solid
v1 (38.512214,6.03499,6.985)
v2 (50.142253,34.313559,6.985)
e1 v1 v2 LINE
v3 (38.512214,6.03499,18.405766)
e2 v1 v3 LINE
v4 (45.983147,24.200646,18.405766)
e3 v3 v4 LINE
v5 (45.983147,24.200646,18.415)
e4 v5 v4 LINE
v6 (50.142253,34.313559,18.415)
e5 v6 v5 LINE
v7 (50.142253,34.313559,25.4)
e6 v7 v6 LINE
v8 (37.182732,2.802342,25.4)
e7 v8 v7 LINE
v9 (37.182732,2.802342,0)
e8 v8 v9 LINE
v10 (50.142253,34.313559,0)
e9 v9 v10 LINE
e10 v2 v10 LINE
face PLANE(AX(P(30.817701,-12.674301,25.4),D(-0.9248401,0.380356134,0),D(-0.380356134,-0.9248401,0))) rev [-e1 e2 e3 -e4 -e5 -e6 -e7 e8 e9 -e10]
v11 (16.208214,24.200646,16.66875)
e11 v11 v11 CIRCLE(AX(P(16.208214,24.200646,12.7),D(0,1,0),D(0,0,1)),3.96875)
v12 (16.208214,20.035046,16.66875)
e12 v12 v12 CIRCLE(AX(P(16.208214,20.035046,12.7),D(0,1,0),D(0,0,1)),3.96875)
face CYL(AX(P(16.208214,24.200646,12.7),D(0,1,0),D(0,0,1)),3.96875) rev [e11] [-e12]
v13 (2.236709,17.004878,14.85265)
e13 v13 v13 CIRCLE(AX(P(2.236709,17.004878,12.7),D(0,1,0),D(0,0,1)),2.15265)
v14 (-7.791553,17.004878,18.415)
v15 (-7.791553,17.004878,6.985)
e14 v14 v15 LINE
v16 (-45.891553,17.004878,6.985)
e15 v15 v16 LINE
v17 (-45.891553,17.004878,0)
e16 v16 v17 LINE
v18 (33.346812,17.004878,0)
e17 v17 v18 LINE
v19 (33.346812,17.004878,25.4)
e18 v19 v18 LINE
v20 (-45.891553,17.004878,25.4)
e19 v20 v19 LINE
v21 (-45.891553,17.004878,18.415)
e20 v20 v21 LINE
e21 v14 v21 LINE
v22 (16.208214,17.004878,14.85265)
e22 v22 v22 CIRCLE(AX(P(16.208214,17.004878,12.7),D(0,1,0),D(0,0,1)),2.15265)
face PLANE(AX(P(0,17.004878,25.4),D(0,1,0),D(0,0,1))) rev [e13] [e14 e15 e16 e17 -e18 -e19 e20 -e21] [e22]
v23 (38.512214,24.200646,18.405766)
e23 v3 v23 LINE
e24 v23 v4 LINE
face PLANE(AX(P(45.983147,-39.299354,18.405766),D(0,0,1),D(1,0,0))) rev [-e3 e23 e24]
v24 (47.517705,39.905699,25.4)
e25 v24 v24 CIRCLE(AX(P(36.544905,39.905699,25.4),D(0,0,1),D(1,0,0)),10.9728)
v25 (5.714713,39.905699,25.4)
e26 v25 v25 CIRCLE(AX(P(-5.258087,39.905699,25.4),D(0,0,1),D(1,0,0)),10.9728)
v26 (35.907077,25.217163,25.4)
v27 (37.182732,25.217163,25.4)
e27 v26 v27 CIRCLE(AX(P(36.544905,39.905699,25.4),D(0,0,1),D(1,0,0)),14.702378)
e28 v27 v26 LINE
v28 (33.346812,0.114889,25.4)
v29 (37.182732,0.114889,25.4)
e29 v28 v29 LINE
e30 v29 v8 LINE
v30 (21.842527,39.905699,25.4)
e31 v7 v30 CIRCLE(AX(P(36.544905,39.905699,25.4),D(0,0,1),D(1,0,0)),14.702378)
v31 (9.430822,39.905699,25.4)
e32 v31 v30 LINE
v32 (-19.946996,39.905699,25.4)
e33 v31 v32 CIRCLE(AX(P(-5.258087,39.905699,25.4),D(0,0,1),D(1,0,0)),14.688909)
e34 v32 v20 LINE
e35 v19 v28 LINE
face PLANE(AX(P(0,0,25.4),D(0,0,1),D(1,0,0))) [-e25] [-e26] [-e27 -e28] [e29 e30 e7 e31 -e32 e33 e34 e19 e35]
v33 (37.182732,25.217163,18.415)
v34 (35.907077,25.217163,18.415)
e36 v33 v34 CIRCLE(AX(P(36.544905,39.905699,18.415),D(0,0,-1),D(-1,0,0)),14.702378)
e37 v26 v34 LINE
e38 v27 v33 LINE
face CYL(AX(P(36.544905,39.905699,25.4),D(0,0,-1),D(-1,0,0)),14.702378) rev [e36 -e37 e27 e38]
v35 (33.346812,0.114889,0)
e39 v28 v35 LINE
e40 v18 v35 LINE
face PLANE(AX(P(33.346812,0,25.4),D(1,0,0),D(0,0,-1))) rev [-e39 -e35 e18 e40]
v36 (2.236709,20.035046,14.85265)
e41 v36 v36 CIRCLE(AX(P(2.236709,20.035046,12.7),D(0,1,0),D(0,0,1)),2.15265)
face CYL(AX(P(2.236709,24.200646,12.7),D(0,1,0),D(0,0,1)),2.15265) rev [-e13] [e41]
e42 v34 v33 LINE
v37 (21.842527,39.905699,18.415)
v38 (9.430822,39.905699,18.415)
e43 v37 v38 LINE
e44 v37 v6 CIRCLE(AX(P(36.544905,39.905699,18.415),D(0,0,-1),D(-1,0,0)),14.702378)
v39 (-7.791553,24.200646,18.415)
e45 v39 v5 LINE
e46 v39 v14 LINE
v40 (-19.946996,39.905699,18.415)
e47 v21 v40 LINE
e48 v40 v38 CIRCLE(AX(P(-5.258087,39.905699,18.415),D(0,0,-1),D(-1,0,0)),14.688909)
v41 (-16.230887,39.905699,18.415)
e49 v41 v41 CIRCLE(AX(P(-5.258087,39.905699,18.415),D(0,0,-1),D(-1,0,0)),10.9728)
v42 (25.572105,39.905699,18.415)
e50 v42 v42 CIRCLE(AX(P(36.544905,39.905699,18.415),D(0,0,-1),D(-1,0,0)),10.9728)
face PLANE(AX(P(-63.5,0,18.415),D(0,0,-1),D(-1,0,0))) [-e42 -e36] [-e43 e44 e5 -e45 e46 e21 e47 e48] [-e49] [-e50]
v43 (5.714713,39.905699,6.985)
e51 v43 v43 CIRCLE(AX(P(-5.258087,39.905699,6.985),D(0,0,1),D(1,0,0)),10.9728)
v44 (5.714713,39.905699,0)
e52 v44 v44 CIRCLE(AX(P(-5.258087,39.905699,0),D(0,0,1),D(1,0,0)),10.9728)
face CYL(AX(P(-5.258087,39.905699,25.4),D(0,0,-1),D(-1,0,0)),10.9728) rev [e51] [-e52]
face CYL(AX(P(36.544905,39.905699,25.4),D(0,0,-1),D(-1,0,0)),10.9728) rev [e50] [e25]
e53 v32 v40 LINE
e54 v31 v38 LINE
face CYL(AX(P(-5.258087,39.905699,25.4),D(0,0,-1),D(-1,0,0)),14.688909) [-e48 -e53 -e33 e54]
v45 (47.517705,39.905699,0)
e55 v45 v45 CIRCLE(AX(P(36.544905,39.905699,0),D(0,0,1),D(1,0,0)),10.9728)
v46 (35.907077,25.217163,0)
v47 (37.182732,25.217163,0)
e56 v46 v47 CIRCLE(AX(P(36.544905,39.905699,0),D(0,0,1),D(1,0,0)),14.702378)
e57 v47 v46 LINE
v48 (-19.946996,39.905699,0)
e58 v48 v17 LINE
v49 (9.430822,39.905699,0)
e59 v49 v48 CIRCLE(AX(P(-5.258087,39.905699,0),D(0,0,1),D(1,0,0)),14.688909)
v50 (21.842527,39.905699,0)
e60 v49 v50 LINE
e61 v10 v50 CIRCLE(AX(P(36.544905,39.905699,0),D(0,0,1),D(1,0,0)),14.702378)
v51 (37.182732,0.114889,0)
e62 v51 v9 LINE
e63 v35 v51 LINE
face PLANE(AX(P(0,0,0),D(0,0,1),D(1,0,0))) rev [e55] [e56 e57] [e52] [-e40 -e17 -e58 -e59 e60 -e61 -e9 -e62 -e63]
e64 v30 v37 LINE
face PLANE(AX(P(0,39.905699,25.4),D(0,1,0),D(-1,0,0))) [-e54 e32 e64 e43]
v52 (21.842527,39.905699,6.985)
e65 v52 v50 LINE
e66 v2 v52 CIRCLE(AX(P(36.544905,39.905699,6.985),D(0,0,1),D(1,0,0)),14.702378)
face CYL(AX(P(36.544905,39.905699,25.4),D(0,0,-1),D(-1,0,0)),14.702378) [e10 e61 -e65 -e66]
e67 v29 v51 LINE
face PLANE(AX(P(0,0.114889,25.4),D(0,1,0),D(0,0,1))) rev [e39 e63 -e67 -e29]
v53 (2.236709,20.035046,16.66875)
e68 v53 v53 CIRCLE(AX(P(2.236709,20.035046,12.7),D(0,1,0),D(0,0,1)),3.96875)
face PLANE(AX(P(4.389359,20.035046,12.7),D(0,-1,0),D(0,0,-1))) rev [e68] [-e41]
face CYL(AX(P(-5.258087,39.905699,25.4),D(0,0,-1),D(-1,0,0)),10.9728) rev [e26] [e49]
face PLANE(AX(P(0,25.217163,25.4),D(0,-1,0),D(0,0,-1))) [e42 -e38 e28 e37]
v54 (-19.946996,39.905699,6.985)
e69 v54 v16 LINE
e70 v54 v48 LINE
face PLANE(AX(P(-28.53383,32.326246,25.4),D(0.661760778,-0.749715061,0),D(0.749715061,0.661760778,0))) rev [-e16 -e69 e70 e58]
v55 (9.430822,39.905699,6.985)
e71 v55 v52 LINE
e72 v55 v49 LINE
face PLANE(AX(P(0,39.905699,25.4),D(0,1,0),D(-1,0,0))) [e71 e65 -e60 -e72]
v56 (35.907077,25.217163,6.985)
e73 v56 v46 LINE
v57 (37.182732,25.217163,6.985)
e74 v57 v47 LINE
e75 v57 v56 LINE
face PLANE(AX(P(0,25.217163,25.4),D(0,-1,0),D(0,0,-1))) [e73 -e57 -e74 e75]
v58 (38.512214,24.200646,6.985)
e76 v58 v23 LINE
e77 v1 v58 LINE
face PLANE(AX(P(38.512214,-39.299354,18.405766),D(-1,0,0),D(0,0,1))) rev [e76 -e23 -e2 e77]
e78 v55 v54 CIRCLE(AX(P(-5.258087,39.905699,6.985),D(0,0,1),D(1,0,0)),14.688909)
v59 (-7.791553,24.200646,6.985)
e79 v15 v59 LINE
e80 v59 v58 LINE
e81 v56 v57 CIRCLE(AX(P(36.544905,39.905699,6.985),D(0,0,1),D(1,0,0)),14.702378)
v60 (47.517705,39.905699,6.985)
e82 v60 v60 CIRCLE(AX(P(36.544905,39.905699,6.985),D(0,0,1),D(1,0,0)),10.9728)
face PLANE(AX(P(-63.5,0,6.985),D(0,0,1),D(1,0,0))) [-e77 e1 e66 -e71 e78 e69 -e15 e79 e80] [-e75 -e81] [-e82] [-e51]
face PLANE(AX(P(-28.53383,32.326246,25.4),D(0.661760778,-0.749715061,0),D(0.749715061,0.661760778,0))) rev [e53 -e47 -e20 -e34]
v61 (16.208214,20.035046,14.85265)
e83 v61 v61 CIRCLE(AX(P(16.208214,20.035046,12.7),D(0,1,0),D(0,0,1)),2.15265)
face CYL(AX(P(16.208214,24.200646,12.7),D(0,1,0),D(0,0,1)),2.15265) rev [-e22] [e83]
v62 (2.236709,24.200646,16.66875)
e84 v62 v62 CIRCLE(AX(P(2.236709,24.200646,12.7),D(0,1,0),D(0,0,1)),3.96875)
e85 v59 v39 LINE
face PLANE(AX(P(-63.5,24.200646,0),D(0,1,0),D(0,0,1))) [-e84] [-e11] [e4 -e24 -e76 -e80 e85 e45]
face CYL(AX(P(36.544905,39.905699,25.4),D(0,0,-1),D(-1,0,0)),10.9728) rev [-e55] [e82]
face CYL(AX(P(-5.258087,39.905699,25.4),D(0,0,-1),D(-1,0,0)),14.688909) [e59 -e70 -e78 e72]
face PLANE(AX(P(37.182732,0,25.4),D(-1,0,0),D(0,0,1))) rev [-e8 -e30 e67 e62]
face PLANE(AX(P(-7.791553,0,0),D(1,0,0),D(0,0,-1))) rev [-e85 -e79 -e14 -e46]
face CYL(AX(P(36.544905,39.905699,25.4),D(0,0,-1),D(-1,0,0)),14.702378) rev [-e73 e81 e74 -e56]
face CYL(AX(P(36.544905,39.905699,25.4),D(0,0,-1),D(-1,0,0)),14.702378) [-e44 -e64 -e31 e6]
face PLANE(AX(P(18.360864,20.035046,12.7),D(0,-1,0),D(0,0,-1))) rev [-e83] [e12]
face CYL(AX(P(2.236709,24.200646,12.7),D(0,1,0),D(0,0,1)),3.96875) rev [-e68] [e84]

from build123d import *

# Parameters (mm, degrees)
SKETCH1_R                                      = 10.9728
BOSS_EXTRUDE1_DEPTH                            = 25.4
SKETCH2_W                                      = 11.43
SKETCH2_H                                      = 30.40742991
CUT_EXTRUDE1_DEPTH                             = 63.5
CBORE_FOR_8_SOCKET_HEAD_CAP_SCREW2_D           = 4.3053
CBORE_FOR_8_SOCKET_HEAD_CAP_SCREW2_DEPTH       = 7.19576864
CBORE_FOR_8_SOCKET_HEAD_CAP_SCREW2_CBORE_D     = 7.9375
CBORE_FOR_8_SOCKET_HEAD_CAP_SCREW2_CBORE_DEPTH = 4.1656
SKETCH6_W                                      = 7.470933486
SKETCH6_H                                      = 11.420765966
CUT_EXTRUDE2_DEPTH                             = 63.5
SKETCH9_W                                      = 11.43
SKETCH9_H                                      = 7.19576864
CUT_EXTRUDE3_DEPTH                             = 38.1


with BuildPart() as part:
    # Sketch1 → Boss-Extrude1 (new body)
    with BuildSketch(Plane.XY):
        with BuildLine():
            Line((37.182732387, 0.114888998), (37.182732387, 2.802342002))
            Line((37.182732387, 2.802342002), (50.142253344, 34.313558963))
            ThreePointArc((50.142253344, 34.313558963), (39.395041388, 54.329173661), (21.842526976, 39.905698546))
            Line((21.842526976, 39.905698546), (9.430821913, 39.905698546))
            ThreePointArc((9.430821913, 39.905698546), (-5.258087214, 54.594607673), (-19.946996342, 39.905698546))
            Line((-19.946996342, 39.905698546), (-45.891553328, 17.0048778))
            Line((-45.891553328, 17.0048778), (33.346811678, 17.0048778))
            Line((33.346811678, 17.0048778), (33.346811678, 0.114888998))
            Line((33.346811678, 0.114888998), (37.182732387, 0.114888998))
        make_face()
        with BuildLine():
            Line((35.907077172, 25.217162573), (37.182732387, 25.217162573))
            ThreePointArc((37.182732387, 25.217162573), (36.54490478, 25.203320742), (35.907077172, 25.217162573))
        make_face(mode=Mode.SUBTRACT)
        with Locations((-5.258087214, 39.905698546)):
            Circle(SKETCH1_R, mode=Mode.SUBTRACT)
        with Locations((36.54490478, 39.905698546)):
            Circle(SKETCH1_R, mode=Mode.SUBTRACT)
    extrude(amount=BOSS_EXTRUDE1_DEPTH)

    # Sketch2 → Cut-Extrude1 (cut, symmetric)
    with BuildSketch(Plane(origin=(0, 0, 0), x_dir=(0, 0, -1), z_dir=(1, 0, 0))):
        with Locations((-12.7, 39.404361395)):
            Rectangle(SKETCH2_W, SKETCH2_H)
    extrude(amount=CUT_EXTRUDE1_DEPTH, both=True, mode=Mode.SUBTRACT)

    # CBORE for #8 Socket Head Cap Screw2
    with Locations(Plane(origin=(2.23670917, 24.20064644, 12.7), x_dir=(0, 0, 1), z_dir=(0, 1, 0))):
        with Locations((0, 0), (0, 13.971505139)):
            CounterBoreHole(CBORE_FOR_8_SOCKET_HEAD_CAP_SCREW2_D / 2, CBORE_FOR_8_SOCKET_HEAD_CAP_SCREW2_CBORE_D / 2, CBORE_FOR_8_SOCKET_HEAD_CAP_SCREW2_CBORE_DEPTH, depth=CBORE_FOR_8_SOCKET_HEAD_CAP_SCREW2_DEPTH)

    # Sketch6 → Cut-Extrude2 (cut, symmetric)
    with BuildSketch(Plane(origin=(0, 24.20064644, 0), x_dir=(1, 0, 0), z_dir=(0, 1, 0))):
        with Locations((42.247680275, -12.695382983)):
            Rectangle(SKETCH6_W, SKETCH6_H)
    extrude(amount=CUT_EXTRUDE2_DEPTH, both=True, mode=Mode.SUBTRACT)

    # Sketch9 → Cut-Extrude3 (cut)
    with BuildSketch(Plane(origin=(-45.891553328, 0, 0), x_dir=(0, 0, -1), z_dir=(1, 0, 0))):
        with Locations((-12.7, 20.60276212)):
            Rectangle(SKETCH9_W, SKETCH9_H)
    extrude(amount=CUT_EXTRUDE3_DEPTH, mode=Mode.SUBTRACT)


solid = part.part
